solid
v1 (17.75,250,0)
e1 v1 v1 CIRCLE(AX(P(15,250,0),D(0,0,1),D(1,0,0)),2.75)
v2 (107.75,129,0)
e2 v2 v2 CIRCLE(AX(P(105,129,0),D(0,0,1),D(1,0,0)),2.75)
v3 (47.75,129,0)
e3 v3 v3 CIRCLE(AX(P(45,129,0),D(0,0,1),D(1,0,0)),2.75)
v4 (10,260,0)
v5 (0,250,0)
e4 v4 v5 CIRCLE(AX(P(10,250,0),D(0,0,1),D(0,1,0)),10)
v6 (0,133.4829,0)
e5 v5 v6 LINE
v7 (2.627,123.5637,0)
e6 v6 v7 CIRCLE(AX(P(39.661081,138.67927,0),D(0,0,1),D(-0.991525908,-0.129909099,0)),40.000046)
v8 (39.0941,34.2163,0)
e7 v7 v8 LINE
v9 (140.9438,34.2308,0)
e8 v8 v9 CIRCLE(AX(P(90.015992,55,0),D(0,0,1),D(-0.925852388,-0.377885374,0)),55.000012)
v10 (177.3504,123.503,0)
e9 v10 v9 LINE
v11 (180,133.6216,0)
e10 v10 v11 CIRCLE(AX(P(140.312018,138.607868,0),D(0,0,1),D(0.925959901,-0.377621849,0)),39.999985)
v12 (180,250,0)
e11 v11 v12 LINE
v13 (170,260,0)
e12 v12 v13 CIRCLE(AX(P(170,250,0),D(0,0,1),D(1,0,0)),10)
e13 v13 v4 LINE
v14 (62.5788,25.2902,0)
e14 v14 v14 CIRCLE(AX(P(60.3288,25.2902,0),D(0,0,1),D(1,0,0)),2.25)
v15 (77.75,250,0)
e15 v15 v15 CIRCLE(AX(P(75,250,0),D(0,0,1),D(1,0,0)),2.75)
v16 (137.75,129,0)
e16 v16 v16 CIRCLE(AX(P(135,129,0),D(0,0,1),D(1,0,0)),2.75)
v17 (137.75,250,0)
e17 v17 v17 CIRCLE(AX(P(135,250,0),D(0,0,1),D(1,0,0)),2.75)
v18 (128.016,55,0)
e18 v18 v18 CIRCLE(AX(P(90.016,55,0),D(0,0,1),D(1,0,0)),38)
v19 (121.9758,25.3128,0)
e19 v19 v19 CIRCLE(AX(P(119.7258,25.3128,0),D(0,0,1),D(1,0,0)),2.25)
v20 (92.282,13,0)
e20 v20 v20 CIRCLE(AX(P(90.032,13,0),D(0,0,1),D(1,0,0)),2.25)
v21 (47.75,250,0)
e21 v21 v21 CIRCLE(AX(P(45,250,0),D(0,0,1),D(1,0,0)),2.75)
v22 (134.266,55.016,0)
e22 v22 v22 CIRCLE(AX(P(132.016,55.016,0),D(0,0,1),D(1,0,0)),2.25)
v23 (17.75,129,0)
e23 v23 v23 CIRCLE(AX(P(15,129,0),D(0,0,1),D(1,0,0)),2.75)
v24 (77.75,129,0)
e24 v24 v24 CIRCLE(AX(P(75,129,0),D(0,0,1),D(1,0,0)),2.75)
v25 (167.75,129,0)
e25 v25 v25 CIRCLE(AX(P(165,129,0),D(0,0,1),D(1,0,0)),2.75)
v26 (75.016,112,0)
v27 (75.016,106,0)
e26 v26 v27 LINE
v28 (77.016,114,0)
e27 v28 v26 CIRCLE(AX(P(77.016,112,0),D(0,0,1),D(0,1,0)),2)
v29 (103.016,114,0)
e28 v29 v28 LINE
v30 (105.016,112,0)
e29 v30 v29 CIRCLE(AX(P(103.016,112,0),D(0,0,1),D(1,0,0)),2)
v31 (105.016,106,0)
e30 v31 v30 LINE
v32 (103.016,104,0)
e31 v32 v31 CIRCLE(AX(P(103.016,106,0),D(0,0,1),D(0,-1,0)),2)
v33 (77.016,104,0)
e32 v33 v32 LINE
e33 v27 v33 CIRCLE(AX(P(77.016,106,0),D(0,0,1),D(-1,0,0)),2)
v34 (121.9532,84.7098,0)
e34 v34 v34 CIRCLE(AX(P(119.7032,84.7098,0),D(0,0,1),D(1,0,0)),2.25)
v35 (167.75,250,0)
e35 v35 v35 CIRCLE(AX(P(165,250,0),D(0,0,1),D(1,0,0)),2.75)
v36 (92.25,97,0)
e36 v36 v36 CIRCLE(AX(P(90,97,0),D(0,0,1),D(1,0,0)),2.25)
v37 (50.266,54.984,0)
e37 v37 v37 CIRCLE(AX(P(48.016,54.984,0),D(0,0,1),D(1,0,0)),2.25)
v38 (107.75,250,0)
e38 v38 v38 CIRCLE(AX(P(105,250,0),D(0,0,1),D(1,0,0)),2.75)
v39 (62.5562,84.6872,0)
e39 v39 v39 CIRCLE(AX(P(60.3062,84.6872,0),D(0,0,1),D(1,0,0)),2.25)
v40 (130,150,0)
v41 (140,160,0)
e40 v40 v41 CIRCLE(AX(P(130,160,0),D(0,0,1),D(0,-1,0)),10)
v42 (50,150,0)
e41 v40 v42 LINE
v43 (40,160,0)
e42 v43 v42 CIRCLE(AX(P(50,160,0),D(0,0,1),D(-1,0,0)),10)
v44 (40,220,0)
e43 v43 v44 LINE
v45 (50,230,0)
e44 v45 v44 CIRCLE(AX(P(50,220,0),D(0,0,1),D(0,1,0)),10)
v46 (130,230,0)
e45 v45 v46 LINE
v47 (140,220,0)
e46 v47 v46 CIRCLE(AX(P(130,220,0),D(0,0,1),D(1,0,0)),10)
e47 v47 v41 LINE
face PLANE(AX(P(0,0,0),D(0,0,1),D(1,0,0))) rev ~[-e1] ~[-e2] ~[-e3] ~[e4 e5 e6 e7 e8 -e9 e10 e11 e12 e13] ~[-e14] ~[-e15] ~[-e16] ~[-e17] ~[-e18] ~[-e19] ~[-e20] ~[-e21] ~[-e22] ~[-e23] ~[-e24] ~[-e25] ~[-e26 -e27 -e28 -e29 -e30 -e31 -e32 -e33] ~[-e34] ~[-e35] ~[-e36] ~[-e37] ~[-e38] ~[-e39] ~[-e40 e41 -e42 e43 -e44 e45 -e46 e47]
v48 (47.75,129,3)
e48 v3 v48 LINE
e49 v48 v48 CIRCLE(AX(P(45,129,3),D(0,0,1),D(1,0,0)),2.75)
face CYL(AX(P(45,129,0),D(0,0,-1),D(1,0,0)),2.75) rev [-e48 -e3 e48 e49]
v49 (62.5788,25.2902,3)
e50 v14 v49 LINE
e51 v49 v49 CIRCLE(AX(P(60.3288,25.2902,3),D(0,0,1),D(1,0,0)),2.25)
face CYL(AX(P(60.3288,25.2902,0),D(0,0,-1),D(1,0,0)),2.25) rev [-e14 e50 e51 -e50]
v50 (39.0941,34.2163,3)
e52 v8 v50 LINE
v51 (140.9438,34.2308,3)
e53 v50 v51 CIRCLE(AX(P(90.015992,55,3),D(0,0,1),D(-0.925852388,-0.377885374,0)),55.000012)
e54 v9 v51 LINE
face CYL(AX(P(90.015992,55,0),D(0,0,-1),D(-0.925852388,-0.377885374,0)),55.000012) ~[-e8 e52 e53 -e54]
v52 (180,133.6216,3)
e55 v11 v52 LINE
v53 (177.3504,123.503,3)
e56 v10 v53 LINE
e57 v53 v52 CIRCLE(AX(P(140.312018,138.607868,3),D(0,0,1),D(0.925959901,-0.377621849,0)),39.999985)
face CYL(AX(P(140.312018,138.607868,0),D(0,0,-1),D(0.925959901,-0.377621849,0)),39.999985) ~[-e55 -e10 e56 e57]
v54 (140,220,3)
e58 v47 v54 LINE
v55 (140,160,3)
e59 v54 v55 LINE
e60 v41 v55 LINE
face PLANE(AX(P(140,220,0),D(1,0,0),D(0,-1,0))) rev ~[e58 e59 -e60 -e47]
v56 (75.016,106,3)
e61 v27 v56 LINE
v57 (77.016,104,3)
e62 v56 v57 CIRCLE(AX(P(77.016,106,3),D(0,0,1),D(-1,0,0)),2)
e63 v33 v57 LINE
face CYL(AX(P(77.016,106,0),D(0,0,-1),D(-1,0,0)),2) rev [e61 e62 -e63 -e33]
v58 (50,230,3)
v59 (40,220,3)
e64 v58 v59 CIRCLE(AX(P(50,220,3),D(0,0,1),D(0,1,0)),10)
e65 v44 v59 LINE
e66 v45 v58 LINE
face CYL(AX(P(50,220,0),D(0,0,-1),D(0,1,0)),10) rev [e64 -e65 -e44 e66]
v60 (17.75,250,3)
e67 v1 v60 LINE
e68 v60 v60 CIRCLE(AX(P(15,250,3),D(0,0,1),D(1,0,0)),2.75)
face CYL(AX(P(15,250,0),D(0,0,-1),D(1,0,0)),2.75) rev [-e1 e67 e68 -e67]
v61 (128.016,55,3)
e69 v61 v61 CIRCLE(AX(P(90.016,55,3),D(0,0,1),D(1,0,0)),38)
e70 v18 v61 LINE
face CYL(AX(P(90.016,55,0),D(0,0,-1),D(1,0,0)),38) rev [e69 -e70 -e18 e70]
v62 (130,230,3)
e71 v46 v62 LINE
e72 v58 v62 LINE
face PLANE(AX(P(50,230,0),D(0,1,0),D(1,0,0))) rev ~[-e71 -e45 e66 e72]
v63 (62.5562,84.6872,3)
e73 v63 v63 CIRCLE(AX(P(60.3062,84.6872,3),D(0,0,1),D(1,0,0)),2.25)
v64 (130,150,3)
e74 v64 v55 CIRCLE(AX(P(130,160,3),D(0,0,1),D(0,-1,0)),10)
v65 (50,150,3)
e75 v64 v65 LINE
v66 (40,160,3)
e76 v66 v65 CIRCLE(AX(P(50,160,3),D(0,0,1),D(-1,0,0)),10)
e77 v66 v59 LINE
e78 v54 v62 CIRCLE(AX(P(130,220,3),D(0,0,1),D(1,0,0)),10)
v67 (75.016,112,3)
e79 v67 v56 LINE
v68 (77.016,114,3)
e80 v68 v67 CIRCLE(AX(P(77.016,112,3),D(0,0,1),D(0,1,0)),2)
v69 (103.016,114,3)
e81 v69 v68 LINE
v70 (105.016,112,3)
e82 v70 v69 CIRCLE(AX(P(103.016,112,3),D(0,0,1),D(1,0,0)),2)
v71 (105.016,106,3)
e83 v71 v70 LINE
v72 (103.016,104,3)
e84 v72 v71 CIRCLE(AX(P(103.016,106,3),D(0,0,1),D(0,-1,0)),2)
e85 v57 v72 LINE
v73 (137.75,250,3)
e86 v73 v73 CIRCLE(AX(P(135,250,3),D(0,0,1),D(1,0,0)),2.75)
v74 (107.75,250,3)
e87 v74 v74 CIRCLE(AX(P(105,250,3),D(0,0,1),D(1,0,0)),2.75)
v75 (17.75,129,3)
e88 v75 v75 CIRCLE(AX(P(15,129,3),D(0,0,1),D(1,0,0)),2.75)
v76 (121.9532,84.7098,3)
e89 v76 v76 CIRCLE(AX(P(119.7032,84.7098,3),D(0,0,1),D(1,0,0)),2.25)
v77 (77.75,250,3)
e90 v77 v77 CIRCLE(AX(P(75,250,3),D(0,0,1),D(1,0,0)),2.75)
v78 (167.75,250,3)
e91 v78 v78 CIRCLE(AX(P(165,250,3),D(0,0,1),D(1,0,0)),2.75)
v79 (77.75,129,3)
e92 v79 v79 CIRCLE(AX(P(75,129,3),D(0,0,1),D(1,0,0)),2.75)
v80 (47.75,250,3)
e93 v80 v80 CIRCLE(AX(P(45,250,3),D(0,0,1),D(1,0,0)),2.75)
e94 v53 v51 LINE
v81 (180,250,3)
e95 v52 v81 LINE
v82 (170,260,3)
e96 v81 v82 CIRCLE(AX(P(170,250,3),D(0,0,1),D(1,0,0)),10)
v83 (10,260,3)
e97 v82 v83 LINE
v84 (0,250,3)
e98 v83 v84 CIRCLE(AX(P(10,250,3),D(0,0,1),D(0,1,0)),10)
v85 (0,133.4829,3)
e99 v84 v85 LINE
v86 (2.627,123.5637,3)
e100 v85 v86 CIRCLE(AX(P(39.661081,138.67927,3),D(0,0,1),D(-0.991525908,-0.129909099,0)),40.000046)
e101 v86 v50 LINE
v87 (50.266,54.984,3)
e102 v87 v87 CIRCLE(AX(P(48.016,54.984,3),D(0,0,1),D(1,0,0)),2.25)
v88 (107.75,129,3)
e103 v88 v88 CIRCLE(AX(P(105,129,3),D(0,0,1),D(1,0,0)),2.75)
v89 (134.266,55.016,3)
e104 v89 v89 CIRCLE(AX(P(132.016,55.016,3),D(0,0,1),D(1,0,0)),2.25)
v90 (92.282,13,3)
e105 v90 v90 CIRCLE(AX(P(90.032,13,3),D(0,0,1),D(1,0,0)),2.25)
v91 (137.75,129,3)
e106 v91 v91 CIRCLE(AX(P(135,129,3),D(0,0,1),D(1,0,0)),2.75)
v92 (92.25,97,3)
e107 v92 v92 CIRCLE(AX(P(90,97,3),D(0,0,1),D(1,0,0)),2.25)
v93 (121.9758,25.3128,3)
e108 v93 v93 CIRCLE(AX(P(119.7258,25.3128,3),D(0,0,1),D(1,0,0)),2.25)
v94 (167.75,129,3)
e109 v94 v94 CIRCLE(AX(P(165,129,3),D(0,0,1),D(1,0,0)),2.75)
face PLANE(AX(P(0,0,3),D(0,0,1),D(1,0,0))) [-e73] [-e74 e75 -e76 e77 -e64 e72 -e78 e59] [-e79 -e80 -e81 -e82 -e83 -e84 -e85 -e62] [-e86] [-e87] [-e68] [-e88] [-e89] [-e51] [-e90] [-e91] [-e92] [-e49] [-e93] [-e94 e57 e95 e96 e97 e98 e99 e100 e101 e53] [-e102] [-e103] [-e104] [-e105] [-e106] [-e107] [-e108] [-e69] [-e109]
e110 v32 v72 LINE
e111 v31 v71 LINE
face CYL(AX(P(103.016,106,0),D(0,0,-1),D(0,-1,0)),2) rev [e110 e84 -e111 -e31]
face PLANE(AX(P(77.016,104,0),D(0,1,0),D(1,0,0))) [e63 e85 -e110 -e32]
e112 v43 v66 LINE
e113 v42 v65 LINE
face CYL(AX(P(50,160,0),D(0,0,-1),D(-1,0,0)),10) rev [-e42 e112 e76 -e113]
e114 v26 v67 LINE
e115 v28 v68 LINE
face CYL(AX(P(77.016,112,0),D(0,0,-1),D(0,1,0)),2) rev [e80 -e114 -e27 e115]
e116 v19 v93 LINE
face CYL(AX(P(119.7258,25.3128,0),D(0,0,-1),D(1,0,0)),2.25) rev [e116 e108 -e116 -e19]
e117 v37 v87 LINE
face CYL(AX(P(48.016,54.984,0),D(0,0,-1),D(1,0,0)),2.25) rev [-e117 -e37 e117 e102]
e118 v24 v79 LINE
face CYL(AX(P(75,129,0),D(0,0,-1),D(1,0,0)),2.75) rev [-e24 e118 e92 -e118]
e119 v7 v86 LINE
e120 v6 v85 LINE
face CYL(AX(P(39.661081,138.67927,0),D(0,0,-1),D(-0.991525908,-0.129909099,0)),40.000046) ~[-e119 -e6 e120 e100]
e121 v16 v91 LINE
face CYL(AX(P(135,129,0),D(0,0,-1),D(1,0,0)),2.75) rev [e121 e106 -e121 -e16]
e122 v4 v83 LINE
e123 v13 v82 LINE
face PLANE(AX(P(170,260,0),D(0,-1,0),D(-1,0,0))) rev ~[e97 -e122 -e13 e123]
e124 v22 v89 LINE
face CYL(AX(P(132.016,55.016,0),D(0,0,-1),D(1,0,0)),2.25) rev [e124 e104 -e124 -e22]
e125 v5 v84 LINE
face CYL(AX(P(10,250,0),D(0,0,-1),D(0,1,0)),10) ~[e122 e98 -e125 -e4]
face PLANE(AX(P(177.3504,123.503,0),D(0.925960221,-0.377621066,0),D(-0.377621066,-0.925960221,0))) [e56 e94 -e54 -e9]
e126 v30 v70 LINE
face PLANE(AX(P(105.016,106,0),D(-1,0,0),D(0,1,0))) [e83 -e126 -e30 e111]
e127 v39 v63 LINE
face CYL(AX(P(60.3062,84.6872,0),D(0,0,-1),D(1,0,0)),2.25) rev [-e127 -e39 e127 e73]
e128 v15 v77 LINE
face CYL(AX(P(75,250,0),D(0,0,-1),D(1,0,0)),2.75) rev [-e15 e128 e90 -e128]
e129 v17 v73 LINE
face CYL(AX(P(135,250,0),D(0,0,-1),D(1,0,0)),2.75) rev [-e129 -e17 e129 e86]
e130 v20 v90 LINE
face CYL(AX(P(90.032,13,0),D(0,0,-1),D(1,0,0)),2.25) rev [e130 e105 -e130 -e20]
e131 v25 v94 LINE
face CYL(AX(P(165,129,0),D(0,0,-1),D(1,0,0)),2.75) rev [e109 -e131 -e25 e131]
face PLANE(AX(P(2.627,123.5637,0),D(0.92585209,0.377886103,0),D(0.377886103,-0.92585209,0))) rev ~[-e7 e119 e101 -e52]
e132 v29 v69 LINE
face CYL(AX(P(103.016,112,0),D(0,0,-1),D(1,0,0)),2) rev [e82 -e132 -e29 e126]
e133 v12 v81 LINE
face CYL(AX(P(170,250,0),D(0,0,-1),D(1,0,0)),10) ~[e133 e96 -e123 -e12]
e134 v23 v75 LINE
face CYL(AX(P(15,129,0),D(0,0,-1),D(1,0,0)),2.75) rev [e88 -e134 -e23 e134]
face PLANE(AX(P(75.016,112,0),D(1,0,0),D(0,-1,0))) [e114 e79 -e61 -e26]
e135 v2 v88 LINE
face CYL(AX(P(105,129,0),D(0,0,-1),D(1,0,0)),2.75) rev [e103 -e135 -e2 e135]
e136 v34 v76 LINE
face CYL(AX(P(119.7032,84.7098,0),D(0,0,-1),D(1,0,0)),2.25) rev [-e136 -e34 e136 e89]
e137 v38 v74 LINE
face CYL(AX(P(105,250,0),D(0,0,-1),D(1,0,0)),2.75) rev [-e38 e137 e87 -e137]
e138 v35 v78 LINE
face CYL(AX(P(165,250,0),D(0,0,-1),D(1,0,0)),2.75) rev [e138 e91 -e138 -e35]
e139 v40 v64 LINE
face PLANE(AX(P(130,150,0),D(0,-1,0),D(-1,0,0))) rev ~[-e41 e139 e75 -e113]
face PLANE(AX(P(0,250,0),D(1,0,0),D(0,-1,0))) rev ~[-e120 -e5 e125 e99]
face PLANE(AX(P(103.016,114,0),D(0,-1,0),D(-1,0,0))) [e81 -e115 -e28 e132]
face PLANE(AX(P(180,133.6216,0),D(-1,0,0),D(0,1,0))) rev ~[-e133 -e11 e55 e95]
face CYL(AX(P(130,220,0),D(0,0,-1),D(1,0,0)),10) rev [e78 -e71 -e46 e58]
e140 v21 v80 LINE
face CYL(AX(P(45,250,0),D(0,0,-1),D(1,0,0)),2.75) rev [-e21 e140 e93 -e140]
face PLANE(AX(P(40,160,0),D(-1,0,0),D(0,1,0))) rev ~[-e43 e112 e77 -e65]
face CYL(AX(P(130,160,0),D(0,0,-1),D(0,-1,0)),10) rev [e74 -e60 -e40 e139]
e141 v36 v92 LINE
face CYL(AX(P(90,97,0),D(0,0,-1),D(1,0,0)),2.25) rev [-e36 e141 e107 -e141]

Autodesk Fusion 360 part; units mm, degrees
sketch "Sketch1" plane through (0, 0, 0) normal (0, 0, 1) x (1, 0, 0)
  line L0 (180, 133.6216) -> (180, 250)
  line L1 (170, 260) -> (10, 260)
  line L2 (0, 250) -> (0, 133.4829)
  circle A0 centre (90.016, 55) radius 38
  circle A1 centre (90.016, 55) radius 42 construction
  line L3 (2.627, 123.5637) -> (39.0941, 34.2163)
  line L4 (177.3504, 123.503) -> (140.9438, 34.2308)
  arc A2 (0, 133.4829) -> (2.627, 123.5637) centre (39.6611, 138.6792) ccw
  arc A3 (177.3504, 123.503) -> (180, 133.6216) centre (140.312, 138.6078) ccw
  arc A4 (10, 260) -> (0, 250) centre (10, 250) ccw
  arc A5 (180, 250) -> (170, 260) centre (170, 250) ccw
  arc A6 (39.0941, 34.2163) -> (140.9438, 34.2308) centre (90.016, 55) ccw
  circle A7 centre (90, 97) radius 2.25
  circle A8 centre (60.3062, 84.6872) radius 2.25
  circle A9 centre (48.016, 54.984) radius 2.25
  circle A10 centre (60.3288, 25.2902) radius 2.25
  circle A11 centre (90.032, 13) radius 2.25
  circle A12 centre (119.7258, 25.3128) radius 2.25
  circle A13 centre (132.016, 55.016) radius 2.25
  circle A14 centre (119.7032, 84.7098) radius 2.25
  line L5 (77.016, 104) -> (103.016, 104)
  line L6 (105.016, 106) -> (105.016, 112)
  line L7 (103.016, 114) -> (77.016, 114)
  line L8 (75.016, 112) -> (75.016, 106)
  arc A15 (77.016, 114) -> (75.016, 112) centre (77.016, 112) ccw
  arc A16 (75.016, 106) -> (77.016, 104) centre (77.016, 106) ccw
  arc A17 (103.016, 104) -> (105.016, 106) centre (103.016, 106) ccw
  arc A18 (105.016, 112) -> (103.016, 114) centre (103.016, 112) ccw
  circle A19 centre (15, 129) radius 2.75
  circle A20 centre (15, 250) radius 2.75
  circle A21 centre (45, 250) radius 2.75
  circle A22 centre (45, 129) radius 2.75
  circle A23 centre (75, 250) radius 2.75
  circle A24 centre (105, 250) radius 2.75
  circle A25 centre (135, 250) radius 2.75
  circle A26 centre (135, 129) radius 2.75
  circle A27 centre (165, 250) radius 2.75
  circle A28 centre (165, 129) radius 2.75
  line L9 (130, 150) -> (50, 150)
  line L10 (40, 160) -> (40, 220)
  line L11 (50, 230) -> (130, 230)
  line L12 (140, 220) -> (140, 160)
  arc A29 (50, 230) -> (40, 220) centre (50, 220) ccw
  arc A30 (140, 220) -> (130, 230) centre (130, 220) ccw
  arc A31 (130, 150) -> (140, 160) centre (130, 160) ccw
  arc A32 (40, 160) -> (50, 150) centre (50, 160) ccw
  circle A33 centre (75, 129) radius 2.75
  circle A34 centre (105, 129) radius 2.75
  point P0 (180, 260)
  point P1 (0, 260)
  point P2 (0, 130)
  point P3 (75.016, 104)
  point P4 (105.016, 114)
  point P5 (75.016, 114)
  dimension "d1" = 260
  dimension "d3" = 76
  dimension "d4" = 84
  dimension "d5" = 110
  dimension "d8" = 130
  dimension "d9" = 180
  dimension "d10" = 40
  dimension "d11" = 10
  dimension "d12" = 4.5
  dimension "d13" = 90
  dimension "d15" = 360
  dimension "d32" = 30
  dimension "d33" = 10
  dimension "d34" = 15
  dimension "d35" = 49
  dimension "d36" = 2
  dimension "d37" = 5.5
  dimension "d38" = 15
  dimension "d39" = 5.5
  dimension "d40" = 15
  dimension "d41" = 10
  dimension "d44" = 30
  dimension "d45" = 0
  dimension "d48" = 80
  dimension "d49" = 30
  dimension "d50" = 10
  dimension "d57" = 15
  dimension "d60" = 60
  dimension "d61" = 0
  dimension "d65" = 40
extrude "Extrude1" add sketch "Sketch1" along normal blind 3 contours L0 L1 L2 L3 L4 A2 A3 A4 A5 A6 | A33 | A34
extrude "Extrude3" cut sketch "Sketch1" along normal through all contours A33 | A34
extrude "Extrude2" [suppressed]
